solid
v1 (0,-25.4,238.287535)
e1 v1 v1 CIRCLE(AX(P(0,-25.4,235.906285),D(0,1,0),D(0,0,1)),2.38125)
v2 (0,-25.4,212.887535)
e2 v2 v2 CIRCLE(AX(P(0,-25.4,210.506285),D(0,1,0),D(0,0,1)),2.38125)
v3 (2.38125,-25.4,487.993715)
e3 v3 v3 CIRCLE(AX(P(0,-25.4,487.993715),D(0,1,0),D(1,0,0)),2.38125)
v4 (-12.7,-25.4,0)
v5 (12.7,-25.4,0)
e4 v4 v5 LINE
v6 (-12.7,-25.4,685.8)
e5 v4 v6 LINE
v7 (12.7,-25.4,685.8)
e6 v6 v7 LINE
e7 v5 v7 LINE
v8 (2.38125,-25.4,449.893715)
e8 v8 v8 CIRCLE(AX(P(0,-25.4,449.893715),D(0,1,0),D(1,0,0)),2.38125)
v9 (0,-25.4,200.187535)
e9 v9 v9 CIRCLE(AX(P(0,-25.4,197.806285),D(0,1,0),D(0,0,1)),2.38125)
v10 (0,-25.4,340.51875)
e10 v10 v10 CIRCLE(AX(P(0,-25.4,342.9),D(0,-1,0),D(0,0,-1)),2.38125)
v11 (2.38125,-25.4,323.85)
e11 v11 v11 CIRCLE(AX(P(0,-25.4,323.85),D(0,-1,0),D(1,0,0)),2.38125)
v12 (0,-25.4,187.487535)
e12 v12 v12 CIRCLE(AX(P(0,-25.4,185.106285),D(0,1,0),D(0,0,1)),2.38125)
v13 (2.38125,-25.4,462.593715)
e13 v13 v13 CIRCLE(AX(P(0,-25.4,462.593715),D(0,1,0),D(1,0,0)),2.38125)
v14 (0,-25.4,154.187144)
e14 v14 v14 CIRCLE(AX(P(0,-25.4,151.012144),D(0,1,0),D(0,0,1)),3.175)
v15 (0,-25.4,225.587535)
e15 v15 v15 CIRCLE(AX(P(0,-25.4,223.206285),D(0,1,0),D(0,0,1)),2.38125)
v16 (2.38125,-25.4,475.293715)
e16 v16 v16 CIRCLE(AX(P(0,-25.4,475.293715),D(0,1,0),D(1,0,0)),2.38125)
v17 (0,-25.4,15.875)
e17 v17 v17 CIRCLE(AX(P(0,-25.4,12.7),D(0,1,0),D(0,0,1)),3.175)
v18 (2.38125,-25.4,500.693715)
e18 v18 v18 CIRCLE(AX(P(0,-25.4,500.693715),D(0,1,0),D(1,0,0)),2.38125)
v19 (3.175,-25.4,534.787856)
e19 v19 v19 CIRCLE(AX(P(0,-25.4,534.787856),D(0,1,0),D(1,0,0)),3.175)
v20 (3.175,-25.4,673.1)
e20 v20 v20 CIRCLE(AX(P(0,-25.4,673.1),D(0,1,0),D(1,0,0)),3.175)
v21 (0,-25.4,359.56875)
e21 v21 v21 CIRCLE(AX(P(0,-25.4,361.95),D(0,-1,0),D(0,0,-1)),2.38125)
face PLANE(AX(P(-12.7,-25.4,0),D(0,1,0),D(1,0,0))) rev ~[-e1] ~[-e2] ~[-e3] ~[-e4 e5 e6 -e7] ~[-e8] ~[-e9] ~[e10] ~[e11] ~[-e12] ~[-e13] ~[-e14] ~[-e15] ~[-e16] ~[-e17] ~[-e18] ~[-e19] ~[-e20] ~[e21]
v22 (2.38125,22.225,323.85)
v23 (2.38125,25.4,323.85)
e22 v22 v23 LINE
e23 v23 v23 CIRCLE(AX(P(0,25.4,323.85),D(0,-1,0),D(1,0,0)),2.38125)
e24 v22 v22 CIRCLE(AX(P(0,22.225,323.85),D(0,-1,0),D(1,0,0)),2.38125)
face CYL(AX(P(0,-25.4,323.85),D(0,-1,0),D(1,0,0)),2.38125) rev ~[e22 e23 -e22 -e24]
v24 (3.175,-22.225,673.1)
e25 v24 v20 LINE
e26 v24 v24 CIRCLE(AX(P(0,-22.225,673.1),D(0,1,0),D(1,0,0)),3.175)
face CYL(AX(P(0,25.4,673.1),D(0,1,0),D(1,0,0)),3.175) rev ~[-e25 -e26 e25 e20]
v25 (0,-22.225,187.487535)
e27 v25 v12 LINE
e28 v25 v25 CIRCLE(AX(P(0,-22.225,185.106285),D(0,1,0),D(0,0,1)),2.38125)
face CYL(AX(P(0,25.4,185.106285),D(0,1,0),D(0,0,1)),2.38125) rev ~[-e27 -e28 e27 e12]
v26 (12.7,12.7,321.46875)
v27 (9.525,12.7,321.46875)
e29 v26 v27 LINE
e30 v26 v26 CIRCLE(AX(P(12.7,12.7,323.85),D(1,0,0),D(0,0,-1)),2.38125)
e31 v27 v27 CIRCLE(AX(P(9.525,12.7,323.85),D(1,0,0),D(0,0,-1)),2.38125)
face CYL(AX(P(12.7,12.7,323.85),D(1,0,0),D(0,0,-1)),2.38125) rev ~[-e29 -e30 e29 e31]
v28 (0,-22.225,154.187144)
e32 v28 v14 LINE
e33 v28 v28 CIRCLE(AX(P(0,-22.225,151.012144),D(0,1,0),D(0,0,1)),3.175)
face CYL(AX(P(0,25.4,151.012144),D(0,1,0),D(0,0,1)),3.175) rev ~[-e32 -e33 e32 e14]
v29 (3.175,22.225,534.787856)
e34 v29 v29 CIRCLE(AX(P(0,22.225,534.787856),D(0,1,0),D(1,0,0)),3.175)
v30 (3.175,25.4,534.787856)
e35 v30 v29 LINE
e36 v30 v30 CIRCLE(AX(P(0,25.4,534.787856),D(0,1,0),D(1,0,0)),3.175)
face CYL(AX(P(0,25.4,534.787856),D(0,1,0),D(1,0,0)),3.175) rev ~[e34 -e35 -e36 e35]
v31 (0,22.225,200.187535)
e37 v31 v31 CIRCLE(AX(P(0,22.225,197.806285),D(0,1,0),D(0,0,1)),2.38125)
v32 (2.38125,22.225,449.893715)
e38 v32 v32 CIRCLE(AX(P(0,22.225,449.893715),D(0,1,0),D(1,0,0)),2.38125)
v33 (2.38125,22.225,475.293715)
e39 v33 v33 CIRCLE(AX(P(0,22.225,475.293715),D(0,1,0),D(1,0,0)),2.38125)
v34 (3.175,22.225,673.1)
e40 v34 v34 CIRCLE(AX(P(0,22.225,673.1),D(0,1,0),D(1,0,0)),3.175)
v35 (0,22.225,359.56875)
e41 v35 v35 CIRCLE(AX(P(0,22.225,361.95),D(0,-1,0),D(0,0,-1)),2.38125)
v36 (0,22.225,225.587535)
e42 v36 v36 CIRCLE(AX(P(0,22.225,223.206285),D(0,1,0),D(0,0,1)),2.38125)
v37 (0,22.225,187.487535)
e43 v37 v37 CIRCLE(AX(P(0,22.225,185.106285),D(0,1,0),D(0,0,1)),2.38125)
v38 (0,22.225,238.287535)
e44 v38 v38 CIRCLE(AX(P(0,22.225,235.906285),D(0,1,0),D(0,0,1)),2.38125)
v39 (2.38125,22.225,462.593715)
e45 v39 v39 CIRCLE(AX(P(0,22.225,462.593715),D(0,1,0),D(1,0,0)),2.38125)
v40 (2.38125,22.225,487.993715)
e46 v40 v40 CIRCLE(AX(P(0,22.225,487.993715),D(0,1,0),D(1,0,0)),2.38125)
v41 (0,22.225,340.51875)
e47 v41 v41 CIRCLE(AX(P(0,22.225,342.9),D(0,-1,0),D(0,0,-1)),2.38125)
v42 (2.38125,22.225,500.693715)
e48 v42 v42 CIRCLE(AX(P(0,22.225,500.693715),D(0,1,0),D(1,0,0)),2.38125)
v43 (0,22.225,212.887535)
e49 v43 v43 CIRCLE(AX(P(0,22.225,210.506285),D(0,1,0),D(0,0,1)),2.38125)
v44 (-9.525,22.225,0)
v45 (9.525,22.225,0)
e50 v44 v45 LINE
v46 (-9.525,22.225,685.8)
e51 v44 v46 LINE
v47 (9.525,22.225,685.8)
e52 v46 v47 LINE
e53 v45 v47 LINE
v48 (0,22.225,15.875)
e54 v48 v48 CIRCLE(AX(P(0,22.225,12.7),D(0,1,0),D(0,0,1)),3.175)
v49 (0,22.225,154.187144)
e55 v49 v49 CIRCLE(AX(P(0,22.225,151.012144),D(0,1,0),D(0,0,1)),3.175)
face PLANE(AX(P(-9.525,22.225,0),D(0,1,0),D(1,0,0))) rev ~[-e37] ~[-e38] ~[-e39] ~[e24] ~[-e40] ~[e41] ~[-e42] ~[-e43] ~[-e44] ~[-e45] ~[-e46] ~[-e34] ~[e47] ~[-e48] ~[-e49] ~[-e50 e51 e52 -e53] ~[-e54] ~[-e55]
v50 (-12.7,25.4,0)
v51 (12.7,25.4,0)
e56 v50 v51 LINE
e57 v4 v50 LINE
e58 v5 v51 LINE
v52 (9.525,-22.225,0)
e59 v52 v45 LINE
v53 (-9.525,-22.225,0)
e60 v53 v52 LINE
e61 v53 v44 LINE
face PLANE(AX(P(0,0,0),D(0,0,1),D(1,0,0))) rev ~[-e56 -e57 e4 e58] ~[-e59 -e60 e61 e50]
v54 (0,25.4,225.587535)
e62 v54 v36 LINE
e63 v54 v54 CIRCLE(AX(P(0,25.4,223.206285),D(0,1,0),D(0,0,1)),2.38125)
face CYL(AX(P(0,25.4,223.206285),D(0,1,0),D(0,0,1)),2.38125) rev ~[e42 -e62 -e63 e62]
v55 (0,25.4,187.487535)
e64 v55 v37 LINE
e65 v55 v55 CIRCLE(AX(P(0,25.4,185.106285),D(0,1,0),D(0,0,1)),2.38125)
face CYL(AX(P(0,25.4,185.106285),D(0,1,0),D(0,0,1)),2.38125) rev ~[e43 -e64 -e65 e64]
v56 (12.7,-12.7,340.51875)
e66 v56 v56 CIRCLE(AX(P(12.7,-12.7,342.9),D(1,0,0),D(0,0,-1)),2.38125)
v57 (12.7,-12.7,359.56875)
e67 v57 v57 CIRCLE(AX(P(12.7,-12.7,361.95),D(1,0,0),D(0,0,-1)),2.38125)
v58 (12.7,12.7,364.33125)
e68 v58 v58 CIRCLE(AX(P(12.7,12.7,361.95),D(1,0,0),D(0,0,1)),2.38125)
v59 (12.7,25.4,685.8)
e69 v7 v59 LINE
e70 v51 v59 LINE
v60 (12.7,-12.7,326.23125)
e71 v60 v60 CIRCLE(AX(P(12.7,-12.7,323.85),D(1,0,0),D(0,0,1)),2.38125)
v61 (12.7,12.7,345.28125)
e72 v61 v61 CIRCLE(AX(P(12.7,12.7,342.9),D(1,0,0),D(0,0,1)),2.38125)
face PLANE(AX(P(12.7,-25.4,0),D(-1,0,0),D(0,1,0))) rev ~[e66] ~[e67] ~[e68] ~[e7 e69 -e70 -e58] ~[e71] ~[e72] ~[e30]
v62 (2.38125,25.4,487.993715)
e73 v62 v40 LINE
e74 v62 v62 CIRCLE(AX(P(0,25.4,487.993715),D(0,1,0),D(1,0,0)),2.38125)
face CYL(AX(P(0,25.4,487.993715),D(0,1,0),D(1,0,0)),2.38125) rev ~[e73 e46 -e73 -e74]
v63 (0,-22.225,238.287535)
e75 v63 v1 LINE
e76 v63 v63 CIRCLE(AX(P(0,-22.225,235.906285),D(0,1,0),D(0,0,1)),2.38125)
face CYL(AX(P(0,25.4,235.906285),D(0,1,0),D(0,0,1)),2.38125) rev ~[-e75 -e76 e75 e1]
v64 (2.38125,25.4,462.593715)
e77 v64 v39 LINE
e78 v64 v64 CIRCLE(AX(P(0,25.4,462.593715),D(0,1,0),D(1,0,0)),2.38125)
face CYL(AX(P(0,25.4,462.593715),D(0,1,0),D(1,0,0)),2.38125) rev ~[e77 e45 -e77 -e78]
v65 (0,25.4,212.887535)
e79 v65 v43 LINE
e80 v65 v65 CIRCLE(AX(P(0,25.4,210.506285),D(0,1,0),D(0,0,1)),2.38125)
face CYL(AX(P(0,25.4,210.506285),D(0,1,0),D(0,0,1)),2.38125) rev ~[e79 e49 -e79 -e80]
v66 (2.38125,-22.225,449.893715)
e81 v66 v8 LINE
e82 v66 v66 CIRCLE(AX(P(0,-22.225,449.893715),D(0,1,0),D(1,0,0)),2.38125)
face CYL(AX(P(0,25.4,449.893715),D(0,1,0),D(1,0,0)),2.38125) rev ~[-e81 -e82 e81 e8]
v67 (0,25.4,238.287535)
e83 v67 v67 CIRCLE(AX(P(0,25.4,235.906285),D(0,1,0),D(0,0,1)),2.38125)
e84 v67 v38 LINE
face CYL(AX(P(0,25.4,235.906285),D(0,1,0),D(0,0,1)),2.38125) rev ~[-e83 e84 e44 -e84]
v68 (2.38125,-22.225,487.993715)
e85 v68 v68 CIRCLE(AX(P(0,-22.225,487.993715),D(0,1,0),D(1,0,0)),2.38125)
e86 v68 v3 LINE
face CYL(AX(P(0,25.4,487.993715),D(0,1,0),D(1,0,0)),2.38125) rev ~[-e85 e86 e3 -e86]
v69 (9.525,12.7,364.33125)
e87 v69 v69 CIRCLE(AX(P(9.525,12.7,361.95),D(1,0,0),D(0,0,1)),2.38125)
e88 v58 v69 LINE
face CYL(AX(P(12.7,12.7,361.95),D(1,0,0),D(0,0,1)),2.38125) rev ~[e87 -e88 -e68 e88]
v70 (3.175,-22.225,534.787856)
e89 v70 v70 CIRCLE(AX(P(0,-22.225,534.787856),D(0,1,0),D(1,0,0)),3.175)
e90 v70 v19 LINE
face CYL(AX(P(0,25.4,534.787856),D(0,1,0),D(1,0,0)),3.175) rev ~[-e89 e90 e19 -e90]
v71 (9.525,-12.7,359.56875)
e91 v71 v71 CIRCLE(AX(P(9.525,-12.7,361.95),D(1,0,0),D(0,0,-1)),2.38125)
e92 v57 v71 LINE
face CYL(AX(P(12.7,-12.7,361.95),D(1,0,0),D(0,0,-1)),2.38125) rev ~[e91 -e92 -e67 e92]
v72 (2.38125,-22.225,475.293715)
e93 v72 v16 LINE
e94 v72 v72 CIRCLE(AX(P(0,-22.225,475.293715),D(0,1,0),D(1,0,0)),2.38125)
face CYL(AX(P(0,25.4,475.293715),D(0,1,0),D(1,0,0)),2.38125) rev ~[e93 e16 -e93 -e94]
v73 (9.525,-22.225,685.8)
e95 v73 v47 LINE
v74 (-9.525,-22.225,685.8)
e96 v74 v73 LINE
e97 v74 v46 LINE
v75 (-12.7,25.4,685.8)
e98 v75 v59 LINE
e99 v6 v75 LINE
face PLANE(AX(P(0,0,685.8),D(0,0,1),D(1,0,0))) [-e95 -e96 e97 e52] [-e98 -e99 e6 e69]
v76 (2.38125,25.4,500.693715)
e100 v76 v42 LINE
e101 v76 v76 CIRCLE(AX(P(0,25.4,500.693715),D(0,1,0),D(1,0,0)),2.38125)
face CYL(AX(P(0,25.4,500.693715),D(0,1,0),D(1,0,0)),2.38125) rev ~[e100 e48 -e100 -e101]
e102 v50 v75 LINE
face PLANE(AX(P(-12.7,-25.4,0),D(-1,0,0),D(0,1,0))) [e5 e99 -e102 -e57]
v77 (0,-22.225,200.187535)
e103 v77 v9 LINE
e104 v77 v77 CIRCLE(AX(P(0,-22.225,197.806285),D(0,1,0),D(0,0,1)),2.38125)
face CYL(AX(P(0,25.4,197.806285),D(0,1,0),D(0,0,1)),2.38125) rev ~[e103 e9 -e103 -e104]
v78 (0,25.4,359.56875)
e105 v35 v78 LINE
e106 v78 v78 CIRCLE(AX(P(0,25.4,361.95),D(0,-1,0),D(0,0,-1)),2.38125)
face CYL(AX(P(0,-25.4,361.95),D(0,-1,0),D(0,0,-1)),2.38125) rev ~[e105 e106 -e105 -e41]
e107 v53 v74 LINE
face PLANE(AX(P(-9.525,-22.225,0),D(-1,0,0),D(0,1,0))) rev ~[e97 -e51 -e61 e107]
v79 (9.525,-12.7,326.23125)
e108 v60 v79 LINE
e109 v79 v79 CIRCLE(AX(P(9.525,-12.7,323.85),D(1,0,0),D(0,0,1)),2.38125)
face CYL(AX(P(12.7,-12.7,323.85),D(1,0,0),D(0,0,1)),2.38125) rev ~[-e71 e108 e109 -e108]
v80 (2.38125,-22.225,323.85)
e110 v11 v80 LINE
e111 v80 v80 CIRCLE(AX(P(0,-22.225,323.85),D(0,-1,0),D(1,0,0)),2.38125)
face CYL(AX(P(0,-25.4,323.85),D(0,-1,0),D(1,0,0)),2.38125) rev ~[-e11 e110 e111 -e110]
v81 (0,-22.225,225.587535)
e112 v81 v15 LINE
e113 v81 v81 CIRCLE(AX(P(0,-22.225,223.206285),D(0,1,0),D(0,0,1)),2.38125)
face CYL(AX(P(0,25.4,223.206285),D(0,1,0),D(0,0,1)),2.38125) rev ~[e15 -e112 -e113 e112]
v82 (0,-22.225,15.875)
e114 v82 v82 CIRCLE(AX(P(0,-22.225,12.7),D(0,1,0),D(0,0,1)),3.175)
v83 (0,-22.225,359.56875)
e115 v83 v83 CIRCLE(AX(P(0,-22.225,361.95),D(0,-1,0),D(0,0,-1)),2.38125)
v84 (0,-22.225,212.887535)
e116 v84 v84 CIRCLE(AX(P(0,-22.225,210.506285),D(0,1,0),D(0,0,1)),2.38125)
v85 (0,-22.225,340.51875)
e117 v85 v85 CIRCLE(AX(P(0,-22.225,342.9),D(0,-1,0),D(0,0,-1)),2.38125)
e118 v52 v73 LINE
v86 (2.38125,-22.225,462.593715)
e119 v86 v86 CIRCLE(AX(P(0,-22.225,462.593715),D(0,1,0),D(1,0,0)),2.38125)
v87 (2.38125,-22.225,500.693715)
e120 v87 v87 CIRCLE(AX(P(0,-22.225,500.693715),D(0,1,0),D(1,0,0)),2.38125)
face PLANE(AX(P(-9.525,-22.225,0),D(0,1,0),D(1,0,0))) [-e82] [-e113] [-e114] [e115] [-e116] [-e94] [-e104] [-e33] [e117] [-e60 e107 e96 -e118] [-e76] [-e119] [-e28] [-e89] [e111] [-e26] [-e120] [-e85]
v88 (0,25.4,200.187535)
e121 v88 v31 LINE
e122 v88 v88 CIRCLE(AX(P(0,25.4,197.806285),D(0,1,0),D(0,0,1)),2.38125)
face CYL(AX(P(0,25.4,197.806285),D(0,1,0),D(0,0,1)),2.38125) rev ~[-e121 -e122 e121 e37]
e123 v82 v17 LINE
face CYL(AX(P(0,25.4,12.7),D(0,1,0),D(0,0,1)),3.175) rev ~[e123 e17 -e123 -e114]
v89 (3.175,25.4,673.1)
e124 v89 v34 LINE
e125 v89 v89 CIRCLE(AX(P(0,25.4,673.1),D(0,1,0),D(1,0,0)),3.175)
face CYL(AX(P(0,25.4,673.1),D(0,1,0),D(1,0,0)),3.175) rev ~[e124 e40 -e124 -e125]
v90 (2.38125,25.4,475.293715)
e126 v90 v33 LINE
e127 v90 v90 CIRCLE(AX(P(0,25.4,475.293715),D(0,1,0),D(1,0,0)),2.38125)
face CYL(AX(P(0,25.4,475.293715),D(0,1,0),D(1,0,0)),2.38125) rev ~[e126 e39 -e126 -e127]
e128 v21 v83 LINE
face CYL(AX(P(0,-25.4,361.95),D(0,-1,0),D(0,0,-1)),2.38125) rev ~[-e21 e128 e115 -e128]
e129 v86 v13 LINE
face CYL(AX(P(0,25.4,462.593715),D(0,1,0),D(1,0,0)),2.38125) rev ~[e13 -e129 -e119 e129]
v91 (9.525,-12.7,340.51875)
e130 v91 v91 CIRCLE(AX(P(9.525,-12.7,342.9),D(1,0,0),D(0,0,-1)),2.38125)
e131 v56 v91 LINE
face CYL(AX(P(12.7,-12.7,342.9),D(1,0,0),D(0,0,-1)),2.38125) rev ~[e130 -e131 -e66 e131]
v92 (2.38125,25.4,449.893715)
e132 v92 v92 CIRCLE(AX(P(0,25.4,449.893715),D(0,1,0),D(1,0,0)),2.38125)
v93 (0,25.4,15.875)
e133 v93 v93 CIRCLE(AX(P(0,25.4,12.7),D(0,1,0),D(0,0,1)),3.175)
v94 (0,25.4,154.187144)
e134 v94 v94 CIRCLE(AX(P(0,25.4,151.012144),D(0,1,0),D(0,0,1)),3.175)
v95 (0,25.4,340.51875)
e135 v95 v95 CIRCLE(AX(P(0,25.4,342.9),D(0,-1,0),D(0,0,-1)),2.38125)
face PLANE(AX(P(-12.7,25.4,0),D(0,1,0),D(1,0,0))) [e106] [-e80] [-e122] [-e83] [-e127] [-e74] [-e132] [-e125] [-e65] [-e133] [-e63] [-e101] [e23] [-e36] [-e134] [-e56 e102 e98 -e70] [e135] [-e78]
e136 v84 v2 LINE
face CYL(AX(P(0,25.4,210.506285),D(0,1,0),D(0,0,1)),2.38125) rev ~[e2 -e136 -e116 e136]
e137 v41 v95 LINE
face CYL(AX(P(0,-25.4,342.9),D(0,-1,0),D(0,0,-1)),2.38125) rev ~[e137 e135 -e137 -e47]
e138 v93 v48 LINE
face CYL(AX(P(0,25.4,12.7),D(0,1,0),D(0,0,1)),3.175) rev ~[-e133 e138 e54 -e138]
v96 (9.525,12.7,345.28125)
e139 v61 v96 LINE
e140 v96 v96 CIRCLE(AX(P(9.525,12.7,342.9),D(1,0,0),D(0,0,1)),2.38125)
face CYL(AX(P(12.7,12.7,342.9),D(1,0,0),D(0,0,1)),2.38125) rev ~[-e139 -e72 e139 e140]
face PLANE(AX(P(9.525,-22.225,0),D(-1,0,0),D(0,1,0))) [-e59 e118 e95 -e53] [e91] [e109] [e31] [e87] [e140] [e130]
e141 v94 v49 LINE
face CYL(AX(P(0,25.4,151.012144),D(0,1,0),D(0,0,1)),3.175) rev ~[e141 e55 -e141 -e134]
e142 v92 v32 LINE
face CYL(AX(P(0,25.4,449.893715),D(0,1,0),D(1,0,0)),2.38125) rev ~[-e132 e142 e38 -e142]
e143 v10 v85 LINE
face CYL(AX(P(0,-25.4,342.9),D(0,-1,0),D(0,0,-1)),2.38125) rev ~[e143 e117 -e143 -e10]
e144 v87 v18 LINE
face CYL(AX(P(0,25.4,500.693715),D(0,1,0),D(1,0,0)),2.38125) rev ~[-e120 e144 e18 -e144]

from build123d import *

# Parameters (mm, degrees)
SKETCH1_W           = 25.4
SKETCH1_H           = 50.8
SKETCH1_W_2         = 19.05
SKETCH1_H_2         = 44.45
BOSS_EXTRUDE1_DEPTH = 685.8
SKETCH2_R           = 3.175
SKETCH2_R_2         = 2.38125
CUT_EXTRUDE1_DEPTH  = 688.796168934
SKETCH3_R           = 2.38125
CUT_EXTRUDE2_DEPTH  = 3.175
SKETCH4_R           = 2.38125
CUT_EXTRUDE3_DEPTH  = 688.796168934


with BuildPart() as part:
    # Sketch1 → Boss-Extrude1 (new body)
    with BuildSketch(Plane.XY):
        Rectangle(SKETCH1_W, SKETCH1_H)
        Rectangle(SKETCH1_W_2, SKETCH1_H_2, mode=Mode.SUBTRACT)
    extrude(amount=BOSS_EXTRUDE1_DEPTH)

    # Sketch2 → Cut-Extrude1 (cut, through all)
    with BuildSketch(Plane(origin=(0, 25.4, 0), x_dir=(1, 0, 0), z_dir=(0, 1, 0))):
        with Locations(Location((0, -12.7, 0), (0, 0, 270))):
            Circle(SKETCH2_R)
        with Locations(Location((0, -151.012144, 0), (0, 0, 270))):
            Circle(SKETCH2_R)
        with Locations((0, -534.787856)):
            Circle(SKETCH2_R)
        with Locations((0, -673.1)):
            Circle(SKETCH2_R)
        with Locations(Location((0, -185.1062846, 0), (0, 0, 270))):
            Circle(SKETCH2_R_2)
        with Locations(Location((0, -197.8062846, 0), (0, 0, 270))):
            Circle(SKETCH2_R_2)
        with Locations(Location((0, -210.5062846, 0), (0, 0, 270))):
            Circle(SKETCH2_R_2)
        with Locations(Location((0, -223.2062846, 0), (0, 0, 270))):
            Circle(SKETCH2_R_2)
        with Locations(Location((0, -235.9062846, 0), (0, 0, 270))):
            Circle(SKETCH2_R_2)
        with Locations((0, -449.8937154)):
            Circle(SKETCH2_R_2)
        with Locations((0, -462.5937154)):
            Circle(SKETCH2_R_2)
        with Locations((0, -475.2937154)):
            Circle(SKETCH2_R_2)
        with Locations((0, -487.9937154)):
            Circle(SKETCH2_R_2)
        with Locations((0, -500.6937154)):
            Circle(SKETCH2_R_2)
    extrude(amount=-CUT_EXTRUDE1_DEPTH, mode=Mode.SUBTRACT)

    # Sketch3 → Cut-Extrude2 (cut)
    with BuildSketch(Plane(origin=(12.7, 0, 0), x_dir=(0, 0, -1), z_dir=(1, 0, 0))):
        with Locations((-361.95, -12.7)):
            Circle(SKETCH3_R)
        with Locations((-342.9, -12.7)):
            Circle(SKETCH3_R)
        with Locations(Location((-323.85, -12.7, 0), (0, 0, 180))):
            Circle(SKETCH3_R)
        with Locations((-323.85, 12.7)):
            Circle(SKETCH3_R)
        with Locations(Location((-361.95, 12.7, 0), (0, 0, 180))):
            Circle(SKETCH3_R)
        with Locations(Location((-342.9, 12.7, 0), (0, 0, 180))):
            Circle(SKETCH3_R)
    extrude(amount=-CUT_EXTRUDE2_DEPTH, mode=Mode.SUBTRACT)

    # Sketch4 → Cut-Extrude3 (cut, through all)
    with BuildSketch(Plane(origin=(0, -25.4, 0), x_dir=(-1, 0, 0), z_dir=(0, -1, 0))):
        with Locations(Location((0, -342.9, 0), (0, 0, 90))):
            Circle(SKETCH4_R)
        with Locations(Location((0, -361.95, 0), (0, 0, 90))):
            Circle(SKETCH4_R)
        with Locations(Location((0, -323.85, 0), (0, 0, 180))):
            Circle(SKETCH4_R)
    extrude(amount=-CUT_EXTRUDE3_DEPTH, mode=Mode.SUBTRACT)


solid = part.part
